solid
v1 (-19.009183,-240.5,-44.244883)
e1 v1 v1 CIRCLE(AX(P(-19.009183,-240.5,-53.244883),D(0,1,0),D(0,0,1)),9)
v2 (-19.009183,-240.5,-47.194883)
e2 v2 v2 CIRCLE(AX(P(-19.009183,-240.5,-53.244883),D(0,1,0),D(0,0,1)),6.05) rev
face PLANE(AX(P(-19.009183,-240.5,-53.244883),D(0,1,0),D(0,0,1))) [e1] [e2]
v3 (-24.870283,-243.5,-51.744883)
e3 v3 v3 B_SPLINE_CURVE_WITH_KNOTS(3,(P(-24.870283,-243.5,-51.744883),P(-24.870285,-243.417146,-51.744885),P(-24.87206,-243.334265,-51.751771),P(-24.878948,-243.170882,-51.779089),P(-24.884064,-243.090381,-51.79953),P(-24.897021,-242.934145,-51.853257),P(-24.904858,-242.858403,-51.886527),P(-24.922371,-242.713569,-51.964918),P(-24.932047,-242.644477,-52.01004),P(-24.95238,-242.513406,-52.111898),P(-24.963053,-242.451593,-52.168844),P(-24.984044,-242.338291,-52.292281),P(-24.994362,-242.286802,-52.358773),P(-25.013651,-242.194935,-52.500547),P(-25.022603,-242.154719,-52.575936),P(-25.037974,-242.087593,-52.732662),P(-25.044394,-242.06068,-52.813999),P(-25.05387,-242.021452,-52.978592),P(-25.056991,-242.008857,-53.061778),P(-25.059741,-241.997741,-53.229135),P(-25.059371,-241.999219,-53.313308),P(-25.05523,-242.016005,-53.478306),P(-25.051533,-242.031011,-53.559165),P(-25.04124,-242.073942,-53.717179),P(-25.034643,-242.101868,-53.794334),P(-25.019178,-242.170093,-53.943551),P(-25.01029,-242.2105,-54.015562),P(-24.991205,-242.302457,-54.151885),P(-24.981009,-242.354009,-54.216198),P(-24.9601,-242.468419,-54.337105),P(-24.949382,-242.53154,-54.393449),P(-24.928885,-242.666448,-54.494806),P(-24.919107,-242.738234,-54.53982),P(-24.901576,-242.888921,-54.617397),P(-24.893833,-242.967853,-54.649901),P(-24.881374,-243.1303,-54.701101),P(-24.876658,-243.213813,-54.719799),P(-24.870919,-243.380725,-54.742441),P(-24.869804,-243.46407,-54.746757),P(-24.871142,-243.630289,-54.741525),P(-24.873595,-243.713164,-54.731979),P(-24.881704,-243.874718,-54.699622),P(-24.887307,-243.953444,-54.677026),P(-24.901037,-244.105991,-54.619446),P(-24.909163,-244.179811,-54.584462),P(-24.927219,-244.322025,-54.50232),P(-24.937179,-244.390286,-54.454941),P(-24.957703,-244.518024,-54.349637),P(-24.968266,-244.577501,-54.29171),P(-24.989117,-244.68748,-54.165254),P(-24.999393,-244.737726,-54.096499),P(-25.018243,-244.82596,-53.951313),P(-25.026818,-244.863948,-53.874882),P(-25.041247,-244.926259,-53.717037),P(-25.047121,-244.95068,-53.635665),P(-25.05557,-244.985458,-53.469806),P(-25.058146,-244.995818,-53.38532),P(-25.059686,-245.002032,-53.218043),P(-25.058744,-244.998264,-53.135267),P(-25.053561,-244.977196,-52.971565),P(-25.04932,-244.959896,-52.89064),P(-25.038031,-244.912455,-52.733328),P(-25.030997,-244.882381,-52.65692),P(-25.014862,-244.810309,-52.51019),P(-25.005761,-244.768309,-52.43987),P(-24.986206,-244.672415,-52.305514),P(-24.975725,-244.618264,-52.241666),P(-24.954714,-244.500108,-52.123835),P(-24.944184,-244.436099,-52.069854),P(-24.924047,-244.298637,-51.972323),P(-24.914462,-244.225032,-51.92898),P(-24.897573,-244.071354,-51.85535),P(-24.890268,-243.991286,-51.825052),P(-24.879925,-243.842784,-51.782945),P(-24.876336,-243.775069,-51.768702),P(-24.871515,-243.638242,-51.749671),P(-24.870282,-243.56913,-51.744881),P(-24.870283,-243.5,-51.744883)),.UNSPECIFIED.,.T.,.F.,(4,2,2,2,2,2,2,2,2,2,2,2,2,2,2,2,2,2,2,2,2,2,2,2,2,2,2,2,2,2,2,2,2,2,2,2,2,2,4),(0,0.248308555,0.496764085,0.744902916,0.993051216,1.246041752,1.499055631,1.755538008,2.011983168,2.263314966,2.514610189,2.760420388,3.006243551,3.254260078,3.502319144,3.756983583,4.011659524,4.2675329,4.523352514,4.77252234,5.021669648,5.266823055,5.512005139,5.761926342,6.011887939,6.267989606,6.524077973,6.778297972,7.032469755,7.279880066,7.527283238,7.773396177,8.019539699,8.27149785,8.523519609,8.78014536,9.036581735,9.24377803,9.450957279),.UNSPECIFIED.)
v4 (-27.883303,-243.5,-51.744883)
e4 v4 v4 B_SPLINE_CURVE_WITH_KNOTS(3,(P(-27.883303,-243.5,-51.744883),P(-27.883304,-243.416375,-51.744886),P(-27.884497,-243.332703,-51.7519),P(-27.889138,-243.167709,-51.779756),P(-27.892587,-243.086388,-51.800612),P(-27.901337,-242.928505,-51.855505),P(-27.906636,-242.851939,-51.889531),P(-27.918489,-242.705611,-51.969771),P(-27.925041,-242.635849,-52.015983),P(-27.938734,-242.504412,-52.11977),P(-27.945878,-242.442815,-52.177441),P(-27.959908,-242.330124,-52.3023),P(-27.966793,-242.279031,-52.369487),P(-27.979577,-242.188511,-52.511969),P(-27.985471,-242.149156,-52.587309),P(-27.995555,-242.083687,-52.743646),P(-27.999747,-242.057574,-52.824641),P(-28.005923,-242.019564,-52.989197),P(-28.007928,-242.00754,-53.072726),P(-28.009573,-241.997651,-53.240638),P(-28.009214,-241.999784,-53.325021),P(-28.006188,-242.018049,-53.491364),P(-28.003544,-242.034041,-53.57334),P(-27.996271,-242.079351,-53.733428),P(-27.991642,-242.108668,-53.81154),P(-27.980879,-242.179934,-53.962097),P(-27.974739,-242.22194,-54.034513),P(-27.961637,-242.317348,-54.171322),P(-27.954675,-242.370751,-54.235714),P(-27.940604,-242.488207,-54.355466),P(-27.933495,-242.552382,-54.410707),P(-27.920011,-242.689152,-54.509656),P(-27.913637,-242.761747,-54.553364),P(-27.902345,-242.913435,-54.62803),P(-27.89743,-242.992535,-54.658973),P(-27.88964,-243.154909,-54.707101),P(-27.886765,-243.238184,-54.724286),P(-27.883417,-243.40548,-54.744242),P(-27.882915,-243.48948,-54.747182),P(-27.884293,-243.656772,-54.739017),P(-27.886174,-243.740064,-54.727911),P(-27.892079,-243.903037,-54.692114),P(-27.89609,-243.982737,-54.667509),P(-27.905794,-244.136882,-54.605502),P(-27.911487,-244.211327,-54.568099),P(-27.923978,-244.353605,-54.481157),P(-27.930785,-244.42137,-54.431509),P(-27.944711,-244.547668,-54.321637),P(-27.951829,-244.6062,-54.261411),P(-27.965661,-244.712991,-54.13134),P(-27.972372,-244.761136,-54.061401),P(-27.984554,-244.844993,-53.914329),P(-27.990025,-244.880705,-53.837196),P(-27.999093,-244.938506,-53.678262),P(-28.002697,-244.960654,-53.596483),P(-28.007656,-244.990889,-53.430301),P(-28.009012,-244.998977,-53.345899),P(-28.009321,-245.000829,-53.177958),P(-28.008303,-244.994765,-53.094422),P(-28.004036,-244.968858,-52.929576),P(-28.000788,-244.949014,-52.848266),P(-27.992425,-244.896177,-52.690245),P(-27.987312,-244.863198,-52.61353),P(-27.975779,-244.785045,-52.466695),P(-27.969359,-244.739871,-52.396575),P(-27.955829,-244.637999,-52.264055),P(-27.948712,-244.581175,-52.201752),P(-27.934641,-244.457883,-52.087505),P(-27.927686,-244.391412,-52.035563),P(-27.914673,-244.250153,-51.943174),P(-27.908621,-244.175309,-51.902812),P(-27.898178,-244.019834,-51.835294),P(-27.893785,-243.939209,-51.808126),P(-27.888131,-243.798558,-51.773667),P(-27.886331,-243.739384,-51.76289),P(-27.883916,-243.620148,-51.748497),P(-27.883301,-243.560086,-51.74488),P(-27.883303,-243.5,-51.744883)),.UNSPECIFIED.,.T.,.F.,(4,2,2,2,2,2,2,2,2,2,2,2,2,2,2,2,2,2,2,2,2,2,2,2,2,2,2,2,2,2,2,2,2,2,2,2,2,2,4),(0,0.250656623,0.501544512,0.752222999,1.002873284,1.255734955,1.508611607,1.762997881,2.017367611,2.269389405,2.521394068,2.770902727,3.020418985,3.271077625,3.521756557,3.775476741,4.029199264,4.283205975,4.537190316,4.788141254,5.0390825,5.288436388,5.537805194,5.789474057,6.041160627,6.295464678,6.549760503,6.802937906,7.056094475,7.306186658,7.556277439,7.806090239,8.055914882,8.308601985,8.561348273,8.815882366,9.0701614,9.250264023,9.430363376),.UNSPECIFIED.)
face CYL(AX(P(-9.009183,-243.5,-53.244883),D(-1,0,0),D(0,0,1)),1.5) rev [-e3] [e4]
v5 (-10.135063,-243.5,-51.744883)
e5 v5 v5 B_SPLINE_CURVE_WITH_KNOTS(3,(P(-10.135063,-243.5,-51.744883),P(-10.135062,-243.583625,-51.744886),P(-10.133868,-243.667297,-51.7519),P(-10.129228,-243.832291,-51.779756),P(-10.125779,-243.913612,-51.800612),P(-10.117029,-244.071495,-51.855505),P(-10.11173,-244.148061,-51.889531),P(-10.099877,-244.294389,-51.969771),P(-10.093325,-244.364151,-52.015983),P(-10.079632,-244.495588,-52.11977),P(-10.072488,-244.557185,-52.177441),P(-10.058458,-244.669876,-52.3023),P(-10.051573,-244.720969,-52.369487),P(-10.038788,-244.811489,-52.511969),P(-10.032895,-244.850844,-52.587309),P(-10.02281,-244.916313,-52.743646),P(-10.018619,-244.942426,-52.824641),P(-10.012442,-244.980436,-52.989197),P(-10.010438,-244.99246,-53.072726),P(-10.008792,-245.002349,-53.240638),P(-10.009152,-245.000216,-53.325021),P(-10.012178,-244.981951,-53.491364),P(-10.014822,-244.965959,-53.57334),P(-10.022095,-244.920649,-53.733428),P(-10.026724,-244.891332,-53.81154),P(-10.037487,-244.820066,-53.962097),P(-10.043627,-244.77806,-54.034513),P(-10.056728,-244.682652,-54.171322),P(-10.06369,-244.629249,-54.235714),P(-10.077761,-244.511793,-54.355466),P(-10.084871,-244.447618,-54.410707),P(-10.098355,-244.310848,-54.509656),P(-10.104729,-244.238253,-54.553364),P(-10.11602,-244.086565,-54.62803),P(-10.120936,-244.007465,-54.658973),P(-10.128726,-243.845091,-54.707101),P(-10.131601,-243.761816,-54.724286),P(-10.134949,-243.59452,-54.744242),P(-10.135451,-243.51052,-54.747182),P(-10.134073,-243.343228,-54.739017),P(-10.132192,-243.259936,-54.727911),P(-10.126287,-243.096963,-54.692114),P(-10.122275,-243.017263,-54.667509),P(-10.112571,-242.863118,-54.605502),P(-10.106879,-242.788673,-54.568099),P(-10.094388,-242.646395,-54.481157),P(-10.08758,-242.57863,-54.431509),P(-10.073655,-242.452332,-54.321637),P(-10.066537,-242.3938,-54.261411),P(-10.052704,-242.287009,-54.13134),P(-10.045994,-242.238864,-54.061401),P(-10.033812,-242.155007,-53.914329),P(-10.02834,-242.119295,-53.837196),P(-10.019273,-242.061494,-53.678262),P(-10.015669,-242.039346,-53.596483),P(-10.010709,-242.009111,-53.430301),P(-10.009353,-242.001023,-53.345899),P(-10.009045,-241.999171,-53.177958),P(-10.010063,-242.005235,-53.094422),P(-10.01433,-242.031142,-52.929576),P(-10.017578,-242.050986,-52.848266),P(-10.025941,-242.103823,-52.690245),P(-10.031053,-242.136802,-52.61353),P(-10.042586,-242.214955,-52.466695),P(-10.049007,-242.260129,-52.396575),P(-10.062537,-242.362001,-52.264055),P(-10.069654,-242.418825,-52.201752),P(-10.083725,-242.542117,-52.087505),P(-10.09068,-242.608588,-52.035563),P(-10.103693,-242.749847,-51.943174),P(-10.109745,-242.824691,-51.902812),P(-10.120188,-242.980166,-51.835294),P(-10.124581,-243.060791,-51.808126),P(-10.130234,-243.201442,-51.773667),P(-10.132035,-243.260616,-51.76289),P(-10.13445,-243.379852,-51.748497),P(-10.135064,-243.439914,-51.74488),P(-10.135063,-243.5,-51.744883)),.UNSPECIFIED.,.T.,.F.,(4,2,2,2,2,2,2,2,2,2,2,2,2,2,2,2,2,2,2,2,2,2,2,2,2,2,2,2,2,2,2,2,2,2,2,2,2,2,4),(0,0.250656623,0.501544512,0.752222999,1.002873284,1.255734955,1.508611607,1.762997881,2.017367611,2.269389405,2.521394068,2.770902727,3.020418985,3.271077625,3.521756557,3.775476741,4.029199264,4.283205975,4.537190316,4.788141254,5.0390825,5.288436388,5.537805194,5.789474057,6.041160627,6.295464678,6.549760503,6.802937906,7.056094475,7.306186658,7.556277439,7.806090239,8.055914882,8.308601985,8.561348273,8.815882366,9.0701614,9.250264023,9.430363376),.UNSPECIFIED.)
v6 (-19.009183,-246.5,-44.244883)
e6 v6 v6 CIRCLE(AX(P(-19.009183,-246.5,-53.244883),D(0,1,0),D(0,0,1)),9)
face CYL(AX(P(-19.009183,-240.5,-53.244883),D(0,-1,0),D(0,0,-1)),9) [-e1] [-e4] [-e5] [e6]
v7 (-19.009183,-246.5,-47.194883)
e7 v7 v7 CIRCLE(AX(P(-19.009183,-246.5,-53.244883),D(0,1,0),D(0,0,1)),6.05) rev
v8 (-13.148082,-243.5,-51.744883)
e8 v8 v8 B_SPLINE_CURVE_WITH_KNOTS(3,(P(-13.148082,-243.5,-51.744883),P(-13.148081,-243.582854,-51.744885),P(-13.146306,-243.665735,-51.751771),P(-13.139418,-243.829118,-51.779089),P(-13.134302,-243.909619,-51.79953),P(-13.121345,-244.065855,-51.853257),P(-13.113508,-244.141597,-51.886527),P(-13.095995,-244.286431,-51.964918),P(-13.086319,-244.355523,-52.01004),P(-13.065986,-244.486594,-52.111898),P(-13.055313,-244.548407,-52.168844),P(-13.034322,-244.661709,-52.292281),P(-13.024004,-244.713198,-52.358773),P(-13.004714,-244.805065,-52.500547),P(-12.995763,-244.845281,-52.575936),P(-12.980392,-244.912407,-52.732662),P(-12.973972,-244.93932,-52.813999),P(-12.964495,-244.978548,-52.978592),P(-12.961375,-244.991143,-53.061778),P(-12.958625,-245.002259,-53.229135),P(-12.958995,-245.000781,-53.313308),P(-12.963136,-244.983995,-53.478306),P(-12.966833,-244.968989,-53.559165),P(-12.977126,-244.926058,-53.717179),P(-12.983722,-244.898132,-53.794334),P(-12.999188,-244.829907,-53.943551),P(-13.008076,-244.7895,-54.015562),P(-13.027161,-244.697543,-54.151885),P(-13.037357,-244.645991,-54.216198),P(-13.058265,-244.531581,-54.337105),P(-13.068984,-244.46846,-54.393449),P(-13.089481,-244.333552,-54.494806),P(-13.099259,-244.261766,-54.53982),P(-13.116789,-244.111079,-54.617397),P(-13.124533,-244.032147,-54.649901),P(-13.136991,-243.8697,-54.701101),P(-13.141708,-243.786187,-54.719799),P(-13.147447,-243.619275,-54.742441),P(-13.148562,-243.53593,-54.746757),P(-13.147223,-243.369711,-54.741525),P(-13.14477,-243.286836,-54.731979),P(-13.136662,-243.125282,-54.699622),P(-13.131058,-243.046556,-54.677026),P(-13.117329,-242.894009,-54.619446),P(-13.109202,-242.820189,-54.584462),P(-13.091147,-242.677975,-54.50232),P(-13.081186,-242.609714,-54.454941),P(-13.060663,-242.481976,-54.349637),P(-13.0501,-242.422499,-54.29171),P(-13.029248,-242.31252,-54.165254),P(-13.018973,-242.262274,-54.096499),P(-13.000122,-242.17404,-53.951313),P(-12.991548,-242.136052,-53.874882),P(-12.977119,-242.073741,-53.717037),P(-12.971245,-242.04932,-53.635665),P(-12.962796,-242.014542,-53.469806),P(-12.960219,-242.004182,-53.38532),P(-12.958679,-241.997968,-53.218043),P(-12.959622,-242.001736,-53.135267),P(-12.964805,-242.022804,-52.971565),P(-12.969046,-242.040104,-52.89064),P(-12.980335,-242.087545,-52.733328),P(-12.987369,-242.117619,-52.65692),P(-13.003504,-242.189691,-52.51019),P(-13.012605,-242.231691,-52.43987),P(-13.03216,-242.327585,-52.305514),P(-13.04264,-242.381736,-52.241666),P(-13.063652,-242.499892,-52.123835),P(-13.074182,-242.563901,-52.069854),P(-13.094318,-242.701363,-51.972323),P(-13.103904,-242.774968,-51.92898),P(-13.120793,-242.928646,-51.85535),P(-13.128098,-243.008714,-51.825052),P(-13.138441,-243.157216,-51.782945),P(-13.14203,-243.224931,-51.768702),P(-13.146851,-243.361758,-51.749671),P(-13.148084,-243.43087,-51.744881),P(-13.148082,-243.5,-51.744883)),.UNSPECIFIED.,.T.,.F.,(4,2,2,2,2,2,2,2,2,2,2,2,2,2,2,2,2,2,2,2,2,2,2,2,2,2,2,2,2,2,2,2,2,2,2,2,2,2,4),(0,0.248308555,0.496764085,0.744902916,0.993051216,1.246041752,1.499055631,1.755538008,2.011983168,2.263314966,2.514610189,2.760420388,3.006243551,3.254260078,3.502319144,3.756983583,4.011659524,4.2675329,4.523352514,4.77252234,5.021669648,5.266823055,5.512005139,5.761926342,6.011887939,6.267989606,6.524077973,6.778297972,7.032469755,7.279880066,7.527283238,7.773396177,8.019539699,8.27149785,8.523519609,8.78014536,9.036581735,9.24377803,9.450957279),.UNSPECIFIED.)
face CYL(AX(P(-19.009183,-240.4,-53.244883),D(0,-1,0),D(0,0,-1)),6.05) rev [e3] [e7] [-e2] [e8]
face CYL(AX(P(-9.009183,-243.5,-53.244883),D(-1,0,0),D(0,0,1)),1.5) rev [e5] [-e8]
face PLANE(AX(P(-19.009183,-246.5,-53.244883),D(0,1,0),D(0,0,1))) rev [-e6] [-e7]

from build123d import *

# Parameters (mm, degrees)
COLLAR_STOCK_SKETCH_R             = 9
COLLAR_STOCK_DEPTH                = 6
AXLE_COLLAR_BORE_SKETCH_R         = 6.05
AXLE_COLLAR_BORE_DEPTH            = 6.2
POSITIVE_SPRING_PIN_BORE_SKETCH_R = 1.5
POSITIVE_SPRING_PIN_BORE_DEPTH    = 20


with BuildPart() as part:
    # Collar stock sketch → Collar stock (new body)
    with BuildSketch(Plane(origin=(0, -246.5, 0), x_dir=(1, 0, 0), z_dir=(0, 1, 0))):
        with Locations(Location((-19.009182883, 53.244882879, 0), (0, 0, 270))):
            Circle(COLLAR_STOCK_SKETCH_R)
    extrude(amount=COLLAR_STOCK_DEPTH)

    # Axle collar bore sketch → Axle collar bore (cut)
    with BuildSketch(Plane(origin=(0, -246.6, 0), x_dir=(1, 0, 0), z_dir=(0, 1, 0))):
        with Locations(Location((-19.009182883, 53.244882879, 0), (0, 0, 270))):
            Circle(AXLE_COLLAR_BORE_SKETCH_R)
    extrude(amount=AXLE_COLLAR_BORE_DEPTH, mode=Mode.SUBTRACT)

    # Positive spring pin bore sketch → Positive spring pin bore (cut)
    with BuildSketch(Plane(origin=(-29.009182883, 0, 0), x_dir=(0, 0, -1), z_dir=(1, 0, 0))):
        with Locations(Location((53.244882879, -243.5, 0), (0, 0, 180))):
            Circle(POSITIVE_SPRING_PIN_BORE_SKETCH_R)
    extrude(amount=POSITIVE_SPRING_PIN_BORE_DEPTH, mode=Mode.SUBTRACT)


solid = part.part
